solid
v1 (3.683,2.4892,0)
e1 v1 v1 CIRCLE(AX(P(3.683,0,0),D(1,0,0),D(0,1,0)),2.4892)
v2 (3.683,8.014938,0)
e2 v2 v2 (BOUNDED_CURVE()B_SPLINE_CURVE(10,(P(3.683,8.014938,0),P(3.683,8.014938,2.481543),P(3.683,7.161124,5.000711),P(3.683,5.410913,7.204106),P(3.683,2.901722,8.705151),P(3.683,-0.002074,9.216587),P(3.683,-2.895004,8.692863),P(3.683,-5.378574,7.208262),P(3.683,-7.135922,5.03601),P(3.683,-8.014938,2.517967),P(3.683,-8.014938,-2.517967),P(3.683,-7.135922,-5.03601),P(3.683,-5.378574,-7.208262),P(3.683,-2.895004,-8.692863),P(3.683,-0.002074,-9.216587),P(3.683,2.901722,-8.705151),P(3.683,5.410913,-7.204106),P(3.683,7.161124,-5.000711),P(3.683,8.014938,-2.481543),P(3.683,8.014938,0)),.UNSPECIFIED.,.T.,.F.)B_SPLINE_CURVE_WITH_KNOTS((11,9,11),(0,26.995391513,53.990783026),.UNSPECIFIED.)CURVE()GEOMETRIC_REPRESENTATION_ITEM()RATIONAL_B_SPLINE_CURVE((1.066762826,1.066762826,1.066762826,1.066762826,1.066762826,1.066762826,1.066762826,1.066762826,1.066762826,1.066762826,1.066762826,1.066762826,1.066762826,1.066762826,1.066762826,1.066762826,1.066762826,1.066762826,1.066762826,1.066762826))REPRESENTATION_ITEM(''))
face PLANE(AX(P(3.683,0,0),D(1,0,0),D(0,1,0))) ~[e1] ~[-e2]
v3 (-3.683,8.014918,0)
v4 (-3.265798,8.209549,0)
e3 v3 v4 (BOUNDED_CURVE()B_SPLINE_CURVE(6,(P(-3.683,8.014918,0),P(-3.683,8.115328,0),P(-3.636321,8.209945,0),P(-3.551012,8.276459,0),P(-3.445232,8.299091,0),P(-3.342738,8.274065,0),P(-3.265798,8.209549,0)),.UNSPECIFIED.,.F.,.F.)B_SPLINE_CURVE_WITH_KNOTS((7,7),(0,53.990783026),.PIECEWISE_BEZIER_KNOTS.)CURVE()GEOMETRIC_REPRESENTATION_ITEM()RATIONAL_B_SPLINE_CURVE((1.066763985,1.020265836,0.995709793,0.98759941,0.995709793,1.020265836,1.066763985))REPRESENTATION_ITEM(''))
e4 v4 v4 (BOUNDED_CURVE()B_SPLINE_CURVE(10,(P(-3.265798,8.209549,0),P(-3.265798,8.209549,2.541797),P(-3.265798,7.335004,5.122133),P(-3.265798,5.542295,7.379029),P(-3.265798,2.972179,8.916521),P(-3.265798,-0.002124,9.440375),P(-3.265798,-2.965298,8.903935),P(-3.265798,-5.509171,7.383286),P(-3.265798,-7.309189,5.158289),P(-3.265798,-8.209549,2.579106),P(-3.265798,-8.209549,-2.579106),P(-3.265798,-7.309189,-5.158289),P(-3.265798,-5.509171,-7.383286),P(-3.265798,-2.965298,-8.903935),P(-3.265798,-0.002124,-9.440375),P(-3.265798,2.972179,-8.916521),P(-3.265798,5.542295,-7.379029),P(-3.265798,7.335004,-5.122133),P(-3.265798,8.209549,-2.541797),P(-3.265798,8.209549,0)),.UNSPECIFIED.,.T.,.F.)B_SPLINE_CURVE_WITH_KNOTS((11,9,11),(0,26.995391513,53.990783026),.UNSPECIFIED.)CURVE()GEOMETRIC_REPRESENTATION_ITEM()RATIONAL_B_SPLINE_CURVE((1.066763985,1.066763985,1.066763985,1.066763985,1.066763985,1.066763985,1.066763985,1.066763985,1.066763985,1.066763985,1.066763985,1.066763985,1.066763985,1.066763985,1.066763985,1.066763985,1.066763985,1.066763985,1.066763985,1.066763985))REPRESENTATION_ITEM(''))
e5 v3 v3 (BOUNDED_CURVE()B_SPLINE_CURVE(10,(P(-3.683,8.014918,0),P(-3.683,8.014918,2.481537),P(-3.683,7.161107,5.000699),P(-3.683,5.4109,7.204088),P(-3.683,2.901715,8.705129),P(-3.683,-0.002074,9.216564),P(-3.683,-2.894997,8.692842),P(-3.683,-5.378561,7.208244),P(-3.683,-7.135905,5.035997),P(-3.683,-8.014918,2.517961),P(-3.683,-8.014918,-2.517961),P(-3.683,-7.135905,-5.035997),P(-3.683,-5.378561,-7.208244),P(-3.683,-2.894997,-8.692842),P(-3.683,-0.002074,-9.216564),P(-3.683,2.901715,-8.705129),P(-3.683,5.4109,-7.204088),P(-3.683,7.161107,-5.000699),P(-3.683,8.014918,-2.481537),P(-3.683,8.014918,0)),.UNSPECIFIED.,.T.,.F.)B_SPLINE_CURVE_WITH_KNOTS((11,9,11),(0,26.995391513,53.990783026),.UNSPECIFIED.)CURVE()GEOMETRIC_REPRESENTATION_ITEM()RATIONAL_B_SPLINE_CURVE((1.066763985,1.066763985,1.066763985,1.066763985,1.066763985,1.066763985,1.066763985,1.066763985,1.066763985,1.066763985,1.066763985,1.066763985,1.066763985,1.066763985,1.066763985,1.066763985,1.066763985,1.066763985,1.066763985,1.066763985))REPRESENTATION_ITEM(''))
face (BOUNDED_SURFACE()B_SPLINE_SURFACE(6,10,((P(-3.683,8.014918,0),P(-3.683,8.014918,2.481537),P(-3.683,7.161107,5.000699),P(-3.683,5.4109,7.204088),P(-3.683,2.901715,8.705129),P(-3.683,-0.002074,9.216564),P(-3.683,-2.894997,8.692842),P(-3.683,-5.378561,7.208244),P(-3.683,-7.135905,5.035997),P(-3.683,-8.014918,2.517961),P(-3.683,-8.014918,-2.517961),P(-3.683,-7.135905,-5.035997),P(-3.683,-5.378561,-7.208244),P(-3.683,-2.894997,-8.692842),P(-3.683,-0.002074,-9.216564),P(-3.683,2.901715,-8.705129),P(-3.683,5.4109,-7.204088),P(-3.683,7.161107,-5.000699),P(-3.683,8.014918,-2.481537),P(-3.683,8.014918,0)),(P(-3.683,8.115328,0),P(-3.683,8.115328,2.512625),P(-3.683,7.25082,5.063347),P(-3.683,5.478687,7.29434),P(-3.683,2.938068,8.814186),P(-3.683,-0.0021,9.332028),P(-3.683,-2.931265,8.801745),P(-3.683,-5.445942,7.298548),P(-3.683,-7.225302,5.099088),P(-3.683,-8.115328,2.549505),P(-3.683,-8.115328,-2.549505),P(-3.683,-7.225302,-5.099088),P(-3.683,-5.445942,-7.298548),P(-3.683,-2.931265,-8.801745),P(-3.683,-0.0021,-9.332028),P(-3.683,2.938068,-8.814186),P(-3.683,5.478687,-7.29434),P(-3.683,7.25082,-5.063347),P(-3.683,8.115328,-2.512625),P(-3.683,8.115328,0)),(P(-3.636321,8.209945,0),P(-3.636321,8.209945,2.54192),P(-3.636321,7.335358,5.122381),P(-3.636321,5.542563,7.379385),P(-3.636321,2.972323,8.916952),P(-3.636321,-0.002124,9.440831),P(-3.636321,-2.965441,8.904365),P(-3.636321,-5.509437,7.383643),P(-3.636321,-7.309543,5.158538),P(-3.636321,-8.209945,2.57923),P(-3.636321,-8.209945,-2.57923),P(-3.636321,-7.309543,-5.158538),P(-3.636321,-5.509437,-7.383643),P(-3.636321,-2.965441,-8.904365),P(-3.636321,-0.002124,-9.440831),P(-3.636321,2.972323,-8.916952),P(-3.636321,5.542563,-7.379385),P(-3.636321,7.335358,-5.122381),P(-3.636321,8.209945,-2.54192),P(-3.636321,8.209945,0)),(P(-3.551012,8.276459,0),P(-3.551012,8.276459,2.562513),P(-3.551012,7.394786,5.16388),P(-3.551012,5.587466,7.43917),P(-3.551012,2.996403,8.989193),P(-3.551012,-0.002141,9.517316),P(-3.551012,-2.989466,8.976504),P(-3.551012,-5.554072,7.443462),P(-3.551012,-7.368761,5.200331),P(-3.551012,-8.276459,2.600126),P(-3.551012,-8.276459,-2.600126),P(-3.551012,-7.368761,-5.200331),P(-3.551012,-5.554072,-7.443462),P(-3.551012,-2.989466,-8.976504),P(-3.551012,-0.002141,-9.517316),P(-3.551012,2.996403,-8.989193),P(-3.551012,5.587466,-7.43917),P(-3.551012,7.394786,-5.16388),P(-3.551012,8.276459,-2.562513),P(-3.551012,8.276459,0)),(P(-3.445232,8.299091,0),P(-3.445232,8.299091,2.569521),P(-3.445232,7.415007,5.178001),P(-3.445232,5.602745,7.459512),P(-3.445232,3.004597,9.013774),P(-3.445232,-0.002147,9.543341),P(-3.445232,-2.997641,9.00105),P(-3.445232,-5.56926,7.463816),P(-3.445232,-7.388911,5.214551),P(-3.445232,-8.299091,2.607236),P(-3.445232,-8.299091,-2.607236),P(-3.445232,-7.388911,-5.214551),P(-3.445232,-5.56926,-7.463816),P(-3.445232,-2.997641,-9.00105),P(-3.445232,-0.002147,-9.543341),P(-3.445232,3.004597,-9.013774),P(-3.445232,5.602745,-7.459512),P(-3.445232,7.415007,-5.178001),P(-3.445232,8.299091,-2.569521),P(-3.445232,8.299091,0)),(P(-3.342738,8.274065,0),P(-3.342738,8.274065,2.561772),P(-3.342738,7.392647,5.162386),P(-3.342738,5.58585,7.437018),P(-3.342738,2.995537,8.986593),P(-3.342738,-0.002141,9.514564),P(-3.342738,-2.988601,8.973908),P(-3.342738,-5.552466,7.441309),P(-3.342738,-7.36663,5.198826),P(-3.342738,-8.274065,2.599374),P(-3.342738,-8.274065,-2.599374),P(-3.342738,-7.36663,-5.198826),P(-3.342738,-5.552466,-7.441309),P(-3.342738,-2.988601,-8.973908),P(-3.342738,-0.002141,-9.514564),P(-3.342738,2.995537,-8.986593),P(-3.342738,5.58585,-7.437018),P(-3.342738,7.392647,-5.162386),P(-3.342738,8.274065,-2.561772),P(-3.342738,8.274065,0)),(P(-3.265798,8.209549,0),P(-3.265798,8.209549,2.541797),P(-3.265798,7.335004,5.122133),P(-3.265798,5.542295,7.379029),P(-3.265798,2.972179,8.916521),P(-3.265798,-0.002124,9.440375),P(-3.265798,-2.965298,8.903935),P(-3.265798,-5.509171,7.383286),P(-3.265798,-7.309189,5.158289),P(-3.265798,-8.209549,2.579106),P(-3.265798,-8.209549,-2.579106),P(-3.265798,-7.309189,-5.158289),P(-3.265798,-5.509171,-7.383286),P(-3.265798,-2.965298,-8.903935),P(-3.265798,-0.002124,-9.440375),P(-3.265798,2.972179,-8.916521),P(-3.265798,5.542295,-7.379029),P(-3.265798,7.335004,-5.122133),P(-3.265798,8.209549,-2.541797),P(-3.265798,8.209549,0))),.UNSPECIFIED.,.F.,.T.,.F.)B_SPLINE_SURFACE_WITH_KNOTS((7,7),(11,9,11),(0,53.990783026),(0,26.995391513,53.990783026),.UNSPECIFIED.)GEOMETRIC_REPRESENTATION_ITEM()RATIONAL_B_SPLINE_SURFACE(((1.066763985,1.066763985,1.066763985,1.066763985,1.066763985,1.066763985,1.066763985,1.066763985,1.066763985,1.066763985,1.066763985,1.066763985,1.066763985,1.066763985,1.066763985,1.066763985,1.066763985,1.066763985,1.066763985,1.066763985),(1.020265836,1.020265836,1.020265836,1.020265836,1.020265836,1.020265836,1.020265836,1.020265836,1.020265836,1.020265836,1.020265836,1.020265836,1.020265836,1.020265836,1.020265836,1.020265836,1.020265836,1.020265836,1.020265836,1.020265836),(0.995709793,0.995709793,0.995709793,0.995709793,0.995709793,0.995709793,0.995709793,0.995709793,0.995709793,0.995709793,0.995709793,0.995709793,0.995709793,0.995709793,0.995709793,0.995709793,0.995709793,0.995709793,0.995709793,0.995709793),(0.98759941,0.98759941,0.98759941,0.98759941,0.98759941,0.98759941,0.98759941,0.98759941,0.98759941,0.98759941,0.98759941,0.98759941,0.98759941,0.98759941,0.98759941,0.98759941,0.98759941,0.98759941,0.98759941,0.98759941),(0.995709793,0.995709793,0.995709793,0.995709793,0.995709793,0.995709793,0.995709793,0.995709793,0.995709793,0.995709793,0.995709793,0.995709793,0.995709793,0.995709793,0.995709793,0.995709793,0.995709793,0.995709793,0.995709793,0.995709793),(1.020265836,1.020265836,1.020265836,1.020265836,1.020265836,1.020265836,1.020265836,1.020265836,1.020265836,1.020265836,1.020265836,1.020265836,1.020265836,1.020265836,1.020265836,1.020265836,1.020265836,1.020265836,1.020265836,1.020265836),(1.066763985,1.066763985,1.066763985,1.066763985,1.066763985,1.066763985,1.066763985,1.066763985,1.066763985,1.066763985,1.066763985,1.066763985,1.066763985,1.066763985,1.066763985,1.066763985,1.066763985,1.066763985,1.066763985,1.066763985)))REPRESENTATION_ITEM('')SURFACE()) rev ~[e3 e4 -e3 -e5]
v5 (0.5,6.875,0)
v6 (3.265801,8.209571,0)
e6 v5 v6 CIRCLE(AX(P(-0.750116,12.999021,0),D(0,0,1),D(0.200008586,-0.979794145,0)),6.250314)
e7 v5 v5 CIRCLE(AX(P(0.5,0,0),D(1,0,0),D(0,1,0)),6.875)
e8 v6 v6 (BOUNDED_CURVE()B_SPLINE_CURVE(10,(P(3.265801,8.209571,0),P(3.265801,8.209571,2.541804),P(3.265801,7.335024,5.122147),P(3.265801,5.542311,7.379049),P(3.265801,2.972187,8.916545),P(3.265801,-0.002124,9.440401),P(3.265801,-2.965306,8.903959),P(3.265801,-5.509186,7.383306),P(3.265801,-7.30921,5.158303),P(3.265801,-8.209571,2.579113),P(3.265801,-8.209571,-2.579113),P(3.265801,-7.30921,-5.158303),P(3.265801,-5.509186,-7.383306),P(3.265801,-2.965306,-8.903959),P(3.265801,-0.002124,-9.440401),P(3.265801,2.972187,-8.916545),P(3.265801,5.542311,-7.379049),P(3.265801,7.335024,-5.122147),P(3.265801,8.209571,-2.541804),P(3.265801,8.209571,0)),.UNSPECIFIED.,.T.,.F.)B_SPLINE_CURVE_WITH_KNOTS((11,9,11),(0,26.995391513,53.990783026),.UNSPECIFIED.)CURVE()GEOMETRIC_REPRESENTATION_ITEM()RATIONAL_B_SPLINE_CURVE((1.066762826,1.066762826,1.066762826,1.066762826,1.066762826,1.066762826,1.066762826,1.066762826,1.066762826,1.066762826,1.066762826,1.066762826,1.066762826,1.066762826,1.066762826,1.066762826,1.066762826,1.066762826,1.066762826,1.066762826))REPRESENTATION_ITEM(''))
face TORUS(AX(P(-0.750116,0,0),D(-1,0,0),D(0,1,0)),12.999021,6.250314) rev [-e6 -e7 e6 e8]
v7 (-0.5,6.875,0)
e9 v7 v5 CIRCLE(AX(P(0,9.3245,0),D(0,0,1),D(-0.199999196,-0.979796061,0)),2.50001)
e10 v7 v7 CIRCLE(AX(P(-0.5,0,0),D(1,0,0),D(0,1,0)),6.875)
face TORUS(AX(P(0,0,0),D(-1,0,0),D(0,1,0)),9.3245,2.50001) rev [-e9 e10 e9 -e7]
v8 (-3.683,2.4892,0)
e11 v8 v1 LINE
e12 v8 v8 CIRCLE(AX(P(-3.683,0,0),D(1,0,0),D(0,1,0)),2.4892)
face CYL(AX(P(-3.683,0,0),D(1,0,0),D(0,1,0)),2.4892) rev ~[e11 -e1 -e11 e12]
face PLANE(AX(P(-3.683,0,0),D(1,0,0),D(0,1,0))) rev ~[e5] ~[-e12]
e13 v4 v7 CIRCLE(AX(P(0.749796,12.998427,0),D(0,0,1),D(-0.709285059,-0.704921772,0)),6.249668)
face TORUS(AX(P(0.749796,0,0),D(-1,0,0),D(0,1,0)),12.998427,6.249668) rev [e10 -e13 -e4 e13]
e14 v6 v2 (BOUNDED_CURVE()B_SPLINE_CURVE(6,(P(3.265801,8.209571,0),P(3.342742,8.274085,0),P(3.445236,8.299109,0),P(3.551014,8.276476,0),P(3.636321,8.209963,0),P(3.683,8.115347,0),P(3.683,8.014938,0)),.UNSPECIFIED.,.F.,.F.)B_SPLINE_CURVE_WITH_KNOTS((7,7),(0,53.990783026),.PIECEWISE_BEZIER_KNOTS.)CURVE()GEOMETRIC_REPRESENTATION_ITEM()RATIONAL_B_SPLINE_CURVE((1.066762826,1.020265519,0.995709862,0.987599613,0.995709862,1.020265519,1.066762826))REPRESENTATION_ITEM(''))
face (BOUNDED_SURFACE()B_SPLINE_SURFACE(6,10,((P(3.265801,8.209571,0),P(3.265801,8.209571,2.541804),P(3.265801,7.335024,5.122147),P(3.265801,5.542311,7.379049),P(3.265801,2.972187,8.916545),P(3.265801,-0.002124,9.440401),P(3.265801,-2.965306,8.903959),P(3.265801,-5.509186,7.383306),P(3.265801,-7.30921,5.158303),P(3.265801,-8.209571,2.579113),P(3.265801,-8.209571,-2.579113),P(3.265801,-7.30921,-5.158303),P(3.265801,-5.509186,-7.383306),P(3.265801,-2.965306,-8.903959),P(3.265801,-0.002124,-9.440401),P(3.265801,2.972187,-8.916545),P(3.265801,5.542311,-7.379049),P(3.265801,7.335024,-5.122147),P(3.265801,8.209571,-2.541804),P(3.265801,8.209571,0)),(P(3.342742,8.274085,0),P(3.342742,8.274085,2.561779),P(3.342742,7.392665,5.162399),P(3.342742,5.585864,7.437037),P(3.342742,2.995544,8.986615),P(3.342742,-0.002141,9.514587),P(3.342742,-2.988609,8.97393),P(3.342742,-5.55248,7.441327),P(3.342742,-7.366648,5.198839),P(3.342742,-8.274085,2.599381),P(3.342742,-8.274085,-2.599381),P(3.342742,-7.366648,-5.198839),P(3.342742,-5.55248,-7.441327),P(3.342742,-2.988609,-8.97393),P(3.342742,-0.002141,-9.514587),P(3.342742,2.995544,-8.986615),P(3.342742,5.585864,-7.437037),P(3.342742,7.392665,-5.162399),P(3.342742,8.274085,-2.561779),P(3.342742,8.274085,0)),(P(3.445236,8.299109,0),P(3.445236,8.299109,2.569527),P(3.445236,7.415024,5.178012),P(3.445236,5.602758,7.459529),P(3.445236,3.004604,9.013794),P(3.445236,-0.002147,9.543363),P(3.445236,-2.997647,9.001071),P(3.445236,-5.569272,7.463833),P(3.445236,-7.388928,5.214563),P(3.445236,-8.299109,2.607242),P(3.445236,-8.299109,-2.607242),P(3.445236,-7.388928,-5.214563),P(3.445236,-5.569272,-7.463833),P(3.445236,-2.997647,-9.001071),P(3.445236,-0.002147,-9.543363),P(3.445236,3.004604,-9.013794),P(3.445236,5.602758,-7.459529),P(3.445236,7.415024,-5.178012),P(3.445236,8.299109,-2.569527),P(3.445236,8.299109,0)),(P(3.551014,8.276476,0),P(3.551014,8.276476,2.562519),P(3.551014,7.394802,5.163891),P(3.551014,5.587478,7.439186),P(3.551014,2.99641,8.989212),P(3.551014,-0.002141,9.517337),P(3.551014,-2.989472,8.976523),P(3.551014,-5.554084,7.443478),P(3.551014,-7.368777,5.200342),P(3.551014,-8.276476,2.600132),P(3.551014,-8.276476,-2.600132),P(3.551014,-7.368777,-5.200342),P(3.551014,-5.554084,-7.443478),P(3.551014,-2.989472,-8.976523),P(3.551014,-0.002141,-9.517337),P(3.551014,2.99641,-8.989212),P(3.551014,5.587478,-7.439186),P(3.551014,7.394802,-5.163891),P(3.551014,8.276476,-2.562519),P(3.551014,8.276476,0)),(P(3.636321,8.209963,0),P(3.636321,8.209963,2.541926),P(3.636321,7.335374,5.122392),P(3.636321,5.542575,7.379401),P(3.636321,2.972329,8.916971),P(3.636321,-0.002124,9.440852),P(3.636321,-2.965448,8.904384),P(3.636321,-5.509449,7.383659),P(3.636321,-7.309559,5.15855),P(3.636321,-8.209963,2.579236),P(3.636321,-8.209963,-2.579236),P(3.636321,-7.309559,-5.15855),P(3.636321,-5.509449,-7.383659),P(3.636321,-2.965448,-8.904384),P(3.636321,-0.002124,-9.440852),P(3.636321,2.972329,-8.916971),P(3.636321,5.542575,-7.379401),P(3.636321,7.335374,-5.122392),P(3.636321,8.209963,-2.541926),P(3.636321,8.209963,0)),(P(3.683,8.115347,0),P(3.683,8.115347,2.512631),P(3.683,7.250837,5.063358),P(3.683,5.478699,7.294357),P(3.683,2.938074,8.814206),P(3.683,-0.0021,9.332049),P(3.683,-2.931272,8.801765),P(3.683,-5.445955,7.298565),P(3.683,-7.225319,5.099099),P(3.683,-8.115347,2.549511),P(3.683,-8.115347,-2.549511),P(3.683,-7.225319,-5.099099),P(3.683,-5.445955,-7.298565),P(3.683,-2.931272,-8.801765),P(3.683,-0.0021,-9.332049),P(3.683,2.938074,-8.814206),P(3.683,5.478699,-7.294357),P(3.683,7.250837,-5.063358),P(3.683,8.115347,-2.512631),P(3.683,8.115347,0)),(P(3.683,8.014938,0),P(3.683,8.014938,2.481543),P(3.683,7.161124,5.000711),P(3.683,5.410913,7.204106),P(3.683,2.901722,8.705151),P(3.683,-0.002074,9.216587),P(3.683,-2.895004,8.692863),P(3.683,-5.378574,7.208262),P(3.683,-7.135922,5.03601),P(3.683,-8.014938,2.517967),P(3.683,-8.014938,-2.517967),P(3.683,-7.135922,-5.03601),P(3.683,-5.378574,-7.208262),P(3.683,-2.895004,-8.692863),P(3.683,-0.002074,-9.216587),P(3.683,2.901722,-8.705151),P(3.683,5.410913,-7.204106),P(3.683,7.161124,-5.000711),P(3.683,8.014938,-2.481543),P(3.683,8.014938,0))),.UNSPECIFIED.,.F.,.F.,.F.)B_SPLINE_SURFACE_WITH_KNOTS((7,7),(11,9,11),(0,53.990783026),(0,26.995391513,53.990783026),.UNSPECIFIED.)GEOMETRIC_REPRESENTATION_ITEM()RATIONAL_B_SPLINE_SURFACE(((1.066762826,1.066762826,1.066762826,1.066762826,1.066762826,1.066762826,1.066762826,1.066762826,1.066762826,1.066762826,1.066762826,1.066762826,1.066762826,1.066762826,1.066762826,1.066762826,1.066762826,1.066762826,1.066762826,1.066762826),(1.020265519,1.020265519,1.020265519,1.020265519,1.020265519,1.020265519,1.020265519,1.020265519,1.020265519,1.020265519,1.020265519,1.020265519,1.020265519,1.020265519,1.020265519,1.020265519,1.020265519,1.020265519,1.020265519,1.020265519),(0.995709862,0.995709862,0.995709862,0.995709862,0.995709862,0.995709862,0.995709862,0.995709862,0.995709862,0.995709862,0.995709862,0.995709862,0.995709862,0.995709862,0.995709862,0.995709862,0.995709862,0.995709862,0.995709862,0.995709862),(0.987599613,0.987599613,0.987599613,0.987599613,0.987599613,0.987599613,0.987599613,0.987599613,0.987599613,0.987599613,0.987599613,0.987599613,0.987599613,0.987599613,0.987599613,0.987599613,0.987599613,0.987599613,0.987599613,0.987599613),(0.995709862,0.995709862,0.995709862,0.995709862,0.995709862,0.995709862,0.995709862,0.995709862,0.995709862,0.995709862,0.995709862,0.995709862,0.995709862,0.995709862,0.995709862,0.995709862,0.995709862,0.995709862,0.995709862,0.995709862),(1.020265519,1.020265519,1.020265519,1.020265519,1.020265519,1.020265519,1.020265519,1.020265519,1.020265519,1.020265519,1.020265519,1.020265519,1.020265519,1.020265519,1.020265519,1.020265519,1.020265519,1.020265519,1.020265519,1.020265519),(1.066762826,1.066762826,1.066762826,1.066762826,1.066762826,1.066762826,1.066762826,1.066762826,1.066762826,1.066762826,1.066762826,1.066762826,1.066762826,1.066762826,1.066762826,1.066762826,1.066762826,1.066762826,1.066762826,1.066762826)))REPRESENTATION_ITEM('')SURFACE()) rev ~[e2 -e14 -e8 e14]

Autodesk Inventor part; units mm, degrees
ref_plane "YZ Plane" through (0, 0, 0) normal (1, 0, 0) x (0, 1, 0)
ref_plane "XZ Plane" through (0, 0, 0) normal (0, 1, 0) x (-1, 0, 0)
ref_plane "XY Plane" through (0, 0, 0) normal (0, 0, 1) x (1, 0, 0)
sketch "Sketch1" plane through (0, 0, 0) normal (0, 0, 1) x (1, 0, 0)
  arc A0 (-0.5, 6.875) -> (0.5, 6.875) centre (0, 9.3245) ccw
  arc A1 (-3.683, 8.5929) -> (-0.5, 6.875) centre (0.75, 12.9987) ccw
  arc A2 (0.5, 6.875) -> (3.683, 8.5929) centre (-0.75, 12.9987) ccw
  line L0 (-3.683, 8.5929) -> (-3.683, 2.4892)
  line L1 (-3.683, 2.4892) -> (3.683, 2.4892)
  line L2 (3.683, 2.4892) -> (3.683, 8.5929)
  line L3 (-3.683, 0) -> (3.683, 0) construction
  point P0 (0, 0)
  point P1 (0, 0)
  dimension "d0" = 2.5
  dimension "d1" = 6.25
  dimension "d2" = 0.5
  dimension "d3" = 7.366
  dimension "d4" = 4.9784
  dimension "d5" = 13.75
revolve "Revolution1" add sketch "Sketch1" angle 360 about axis through (-3.683, 0, 0) along (1, 0, 0)
fillet "Fillet1" radius 0.254 2 edges at (-3.683, -8.5929, 0) (3.683, -8.5929, 0)
properties part number "Harken 16mm V Bearing" material "Aluminum 6061"
